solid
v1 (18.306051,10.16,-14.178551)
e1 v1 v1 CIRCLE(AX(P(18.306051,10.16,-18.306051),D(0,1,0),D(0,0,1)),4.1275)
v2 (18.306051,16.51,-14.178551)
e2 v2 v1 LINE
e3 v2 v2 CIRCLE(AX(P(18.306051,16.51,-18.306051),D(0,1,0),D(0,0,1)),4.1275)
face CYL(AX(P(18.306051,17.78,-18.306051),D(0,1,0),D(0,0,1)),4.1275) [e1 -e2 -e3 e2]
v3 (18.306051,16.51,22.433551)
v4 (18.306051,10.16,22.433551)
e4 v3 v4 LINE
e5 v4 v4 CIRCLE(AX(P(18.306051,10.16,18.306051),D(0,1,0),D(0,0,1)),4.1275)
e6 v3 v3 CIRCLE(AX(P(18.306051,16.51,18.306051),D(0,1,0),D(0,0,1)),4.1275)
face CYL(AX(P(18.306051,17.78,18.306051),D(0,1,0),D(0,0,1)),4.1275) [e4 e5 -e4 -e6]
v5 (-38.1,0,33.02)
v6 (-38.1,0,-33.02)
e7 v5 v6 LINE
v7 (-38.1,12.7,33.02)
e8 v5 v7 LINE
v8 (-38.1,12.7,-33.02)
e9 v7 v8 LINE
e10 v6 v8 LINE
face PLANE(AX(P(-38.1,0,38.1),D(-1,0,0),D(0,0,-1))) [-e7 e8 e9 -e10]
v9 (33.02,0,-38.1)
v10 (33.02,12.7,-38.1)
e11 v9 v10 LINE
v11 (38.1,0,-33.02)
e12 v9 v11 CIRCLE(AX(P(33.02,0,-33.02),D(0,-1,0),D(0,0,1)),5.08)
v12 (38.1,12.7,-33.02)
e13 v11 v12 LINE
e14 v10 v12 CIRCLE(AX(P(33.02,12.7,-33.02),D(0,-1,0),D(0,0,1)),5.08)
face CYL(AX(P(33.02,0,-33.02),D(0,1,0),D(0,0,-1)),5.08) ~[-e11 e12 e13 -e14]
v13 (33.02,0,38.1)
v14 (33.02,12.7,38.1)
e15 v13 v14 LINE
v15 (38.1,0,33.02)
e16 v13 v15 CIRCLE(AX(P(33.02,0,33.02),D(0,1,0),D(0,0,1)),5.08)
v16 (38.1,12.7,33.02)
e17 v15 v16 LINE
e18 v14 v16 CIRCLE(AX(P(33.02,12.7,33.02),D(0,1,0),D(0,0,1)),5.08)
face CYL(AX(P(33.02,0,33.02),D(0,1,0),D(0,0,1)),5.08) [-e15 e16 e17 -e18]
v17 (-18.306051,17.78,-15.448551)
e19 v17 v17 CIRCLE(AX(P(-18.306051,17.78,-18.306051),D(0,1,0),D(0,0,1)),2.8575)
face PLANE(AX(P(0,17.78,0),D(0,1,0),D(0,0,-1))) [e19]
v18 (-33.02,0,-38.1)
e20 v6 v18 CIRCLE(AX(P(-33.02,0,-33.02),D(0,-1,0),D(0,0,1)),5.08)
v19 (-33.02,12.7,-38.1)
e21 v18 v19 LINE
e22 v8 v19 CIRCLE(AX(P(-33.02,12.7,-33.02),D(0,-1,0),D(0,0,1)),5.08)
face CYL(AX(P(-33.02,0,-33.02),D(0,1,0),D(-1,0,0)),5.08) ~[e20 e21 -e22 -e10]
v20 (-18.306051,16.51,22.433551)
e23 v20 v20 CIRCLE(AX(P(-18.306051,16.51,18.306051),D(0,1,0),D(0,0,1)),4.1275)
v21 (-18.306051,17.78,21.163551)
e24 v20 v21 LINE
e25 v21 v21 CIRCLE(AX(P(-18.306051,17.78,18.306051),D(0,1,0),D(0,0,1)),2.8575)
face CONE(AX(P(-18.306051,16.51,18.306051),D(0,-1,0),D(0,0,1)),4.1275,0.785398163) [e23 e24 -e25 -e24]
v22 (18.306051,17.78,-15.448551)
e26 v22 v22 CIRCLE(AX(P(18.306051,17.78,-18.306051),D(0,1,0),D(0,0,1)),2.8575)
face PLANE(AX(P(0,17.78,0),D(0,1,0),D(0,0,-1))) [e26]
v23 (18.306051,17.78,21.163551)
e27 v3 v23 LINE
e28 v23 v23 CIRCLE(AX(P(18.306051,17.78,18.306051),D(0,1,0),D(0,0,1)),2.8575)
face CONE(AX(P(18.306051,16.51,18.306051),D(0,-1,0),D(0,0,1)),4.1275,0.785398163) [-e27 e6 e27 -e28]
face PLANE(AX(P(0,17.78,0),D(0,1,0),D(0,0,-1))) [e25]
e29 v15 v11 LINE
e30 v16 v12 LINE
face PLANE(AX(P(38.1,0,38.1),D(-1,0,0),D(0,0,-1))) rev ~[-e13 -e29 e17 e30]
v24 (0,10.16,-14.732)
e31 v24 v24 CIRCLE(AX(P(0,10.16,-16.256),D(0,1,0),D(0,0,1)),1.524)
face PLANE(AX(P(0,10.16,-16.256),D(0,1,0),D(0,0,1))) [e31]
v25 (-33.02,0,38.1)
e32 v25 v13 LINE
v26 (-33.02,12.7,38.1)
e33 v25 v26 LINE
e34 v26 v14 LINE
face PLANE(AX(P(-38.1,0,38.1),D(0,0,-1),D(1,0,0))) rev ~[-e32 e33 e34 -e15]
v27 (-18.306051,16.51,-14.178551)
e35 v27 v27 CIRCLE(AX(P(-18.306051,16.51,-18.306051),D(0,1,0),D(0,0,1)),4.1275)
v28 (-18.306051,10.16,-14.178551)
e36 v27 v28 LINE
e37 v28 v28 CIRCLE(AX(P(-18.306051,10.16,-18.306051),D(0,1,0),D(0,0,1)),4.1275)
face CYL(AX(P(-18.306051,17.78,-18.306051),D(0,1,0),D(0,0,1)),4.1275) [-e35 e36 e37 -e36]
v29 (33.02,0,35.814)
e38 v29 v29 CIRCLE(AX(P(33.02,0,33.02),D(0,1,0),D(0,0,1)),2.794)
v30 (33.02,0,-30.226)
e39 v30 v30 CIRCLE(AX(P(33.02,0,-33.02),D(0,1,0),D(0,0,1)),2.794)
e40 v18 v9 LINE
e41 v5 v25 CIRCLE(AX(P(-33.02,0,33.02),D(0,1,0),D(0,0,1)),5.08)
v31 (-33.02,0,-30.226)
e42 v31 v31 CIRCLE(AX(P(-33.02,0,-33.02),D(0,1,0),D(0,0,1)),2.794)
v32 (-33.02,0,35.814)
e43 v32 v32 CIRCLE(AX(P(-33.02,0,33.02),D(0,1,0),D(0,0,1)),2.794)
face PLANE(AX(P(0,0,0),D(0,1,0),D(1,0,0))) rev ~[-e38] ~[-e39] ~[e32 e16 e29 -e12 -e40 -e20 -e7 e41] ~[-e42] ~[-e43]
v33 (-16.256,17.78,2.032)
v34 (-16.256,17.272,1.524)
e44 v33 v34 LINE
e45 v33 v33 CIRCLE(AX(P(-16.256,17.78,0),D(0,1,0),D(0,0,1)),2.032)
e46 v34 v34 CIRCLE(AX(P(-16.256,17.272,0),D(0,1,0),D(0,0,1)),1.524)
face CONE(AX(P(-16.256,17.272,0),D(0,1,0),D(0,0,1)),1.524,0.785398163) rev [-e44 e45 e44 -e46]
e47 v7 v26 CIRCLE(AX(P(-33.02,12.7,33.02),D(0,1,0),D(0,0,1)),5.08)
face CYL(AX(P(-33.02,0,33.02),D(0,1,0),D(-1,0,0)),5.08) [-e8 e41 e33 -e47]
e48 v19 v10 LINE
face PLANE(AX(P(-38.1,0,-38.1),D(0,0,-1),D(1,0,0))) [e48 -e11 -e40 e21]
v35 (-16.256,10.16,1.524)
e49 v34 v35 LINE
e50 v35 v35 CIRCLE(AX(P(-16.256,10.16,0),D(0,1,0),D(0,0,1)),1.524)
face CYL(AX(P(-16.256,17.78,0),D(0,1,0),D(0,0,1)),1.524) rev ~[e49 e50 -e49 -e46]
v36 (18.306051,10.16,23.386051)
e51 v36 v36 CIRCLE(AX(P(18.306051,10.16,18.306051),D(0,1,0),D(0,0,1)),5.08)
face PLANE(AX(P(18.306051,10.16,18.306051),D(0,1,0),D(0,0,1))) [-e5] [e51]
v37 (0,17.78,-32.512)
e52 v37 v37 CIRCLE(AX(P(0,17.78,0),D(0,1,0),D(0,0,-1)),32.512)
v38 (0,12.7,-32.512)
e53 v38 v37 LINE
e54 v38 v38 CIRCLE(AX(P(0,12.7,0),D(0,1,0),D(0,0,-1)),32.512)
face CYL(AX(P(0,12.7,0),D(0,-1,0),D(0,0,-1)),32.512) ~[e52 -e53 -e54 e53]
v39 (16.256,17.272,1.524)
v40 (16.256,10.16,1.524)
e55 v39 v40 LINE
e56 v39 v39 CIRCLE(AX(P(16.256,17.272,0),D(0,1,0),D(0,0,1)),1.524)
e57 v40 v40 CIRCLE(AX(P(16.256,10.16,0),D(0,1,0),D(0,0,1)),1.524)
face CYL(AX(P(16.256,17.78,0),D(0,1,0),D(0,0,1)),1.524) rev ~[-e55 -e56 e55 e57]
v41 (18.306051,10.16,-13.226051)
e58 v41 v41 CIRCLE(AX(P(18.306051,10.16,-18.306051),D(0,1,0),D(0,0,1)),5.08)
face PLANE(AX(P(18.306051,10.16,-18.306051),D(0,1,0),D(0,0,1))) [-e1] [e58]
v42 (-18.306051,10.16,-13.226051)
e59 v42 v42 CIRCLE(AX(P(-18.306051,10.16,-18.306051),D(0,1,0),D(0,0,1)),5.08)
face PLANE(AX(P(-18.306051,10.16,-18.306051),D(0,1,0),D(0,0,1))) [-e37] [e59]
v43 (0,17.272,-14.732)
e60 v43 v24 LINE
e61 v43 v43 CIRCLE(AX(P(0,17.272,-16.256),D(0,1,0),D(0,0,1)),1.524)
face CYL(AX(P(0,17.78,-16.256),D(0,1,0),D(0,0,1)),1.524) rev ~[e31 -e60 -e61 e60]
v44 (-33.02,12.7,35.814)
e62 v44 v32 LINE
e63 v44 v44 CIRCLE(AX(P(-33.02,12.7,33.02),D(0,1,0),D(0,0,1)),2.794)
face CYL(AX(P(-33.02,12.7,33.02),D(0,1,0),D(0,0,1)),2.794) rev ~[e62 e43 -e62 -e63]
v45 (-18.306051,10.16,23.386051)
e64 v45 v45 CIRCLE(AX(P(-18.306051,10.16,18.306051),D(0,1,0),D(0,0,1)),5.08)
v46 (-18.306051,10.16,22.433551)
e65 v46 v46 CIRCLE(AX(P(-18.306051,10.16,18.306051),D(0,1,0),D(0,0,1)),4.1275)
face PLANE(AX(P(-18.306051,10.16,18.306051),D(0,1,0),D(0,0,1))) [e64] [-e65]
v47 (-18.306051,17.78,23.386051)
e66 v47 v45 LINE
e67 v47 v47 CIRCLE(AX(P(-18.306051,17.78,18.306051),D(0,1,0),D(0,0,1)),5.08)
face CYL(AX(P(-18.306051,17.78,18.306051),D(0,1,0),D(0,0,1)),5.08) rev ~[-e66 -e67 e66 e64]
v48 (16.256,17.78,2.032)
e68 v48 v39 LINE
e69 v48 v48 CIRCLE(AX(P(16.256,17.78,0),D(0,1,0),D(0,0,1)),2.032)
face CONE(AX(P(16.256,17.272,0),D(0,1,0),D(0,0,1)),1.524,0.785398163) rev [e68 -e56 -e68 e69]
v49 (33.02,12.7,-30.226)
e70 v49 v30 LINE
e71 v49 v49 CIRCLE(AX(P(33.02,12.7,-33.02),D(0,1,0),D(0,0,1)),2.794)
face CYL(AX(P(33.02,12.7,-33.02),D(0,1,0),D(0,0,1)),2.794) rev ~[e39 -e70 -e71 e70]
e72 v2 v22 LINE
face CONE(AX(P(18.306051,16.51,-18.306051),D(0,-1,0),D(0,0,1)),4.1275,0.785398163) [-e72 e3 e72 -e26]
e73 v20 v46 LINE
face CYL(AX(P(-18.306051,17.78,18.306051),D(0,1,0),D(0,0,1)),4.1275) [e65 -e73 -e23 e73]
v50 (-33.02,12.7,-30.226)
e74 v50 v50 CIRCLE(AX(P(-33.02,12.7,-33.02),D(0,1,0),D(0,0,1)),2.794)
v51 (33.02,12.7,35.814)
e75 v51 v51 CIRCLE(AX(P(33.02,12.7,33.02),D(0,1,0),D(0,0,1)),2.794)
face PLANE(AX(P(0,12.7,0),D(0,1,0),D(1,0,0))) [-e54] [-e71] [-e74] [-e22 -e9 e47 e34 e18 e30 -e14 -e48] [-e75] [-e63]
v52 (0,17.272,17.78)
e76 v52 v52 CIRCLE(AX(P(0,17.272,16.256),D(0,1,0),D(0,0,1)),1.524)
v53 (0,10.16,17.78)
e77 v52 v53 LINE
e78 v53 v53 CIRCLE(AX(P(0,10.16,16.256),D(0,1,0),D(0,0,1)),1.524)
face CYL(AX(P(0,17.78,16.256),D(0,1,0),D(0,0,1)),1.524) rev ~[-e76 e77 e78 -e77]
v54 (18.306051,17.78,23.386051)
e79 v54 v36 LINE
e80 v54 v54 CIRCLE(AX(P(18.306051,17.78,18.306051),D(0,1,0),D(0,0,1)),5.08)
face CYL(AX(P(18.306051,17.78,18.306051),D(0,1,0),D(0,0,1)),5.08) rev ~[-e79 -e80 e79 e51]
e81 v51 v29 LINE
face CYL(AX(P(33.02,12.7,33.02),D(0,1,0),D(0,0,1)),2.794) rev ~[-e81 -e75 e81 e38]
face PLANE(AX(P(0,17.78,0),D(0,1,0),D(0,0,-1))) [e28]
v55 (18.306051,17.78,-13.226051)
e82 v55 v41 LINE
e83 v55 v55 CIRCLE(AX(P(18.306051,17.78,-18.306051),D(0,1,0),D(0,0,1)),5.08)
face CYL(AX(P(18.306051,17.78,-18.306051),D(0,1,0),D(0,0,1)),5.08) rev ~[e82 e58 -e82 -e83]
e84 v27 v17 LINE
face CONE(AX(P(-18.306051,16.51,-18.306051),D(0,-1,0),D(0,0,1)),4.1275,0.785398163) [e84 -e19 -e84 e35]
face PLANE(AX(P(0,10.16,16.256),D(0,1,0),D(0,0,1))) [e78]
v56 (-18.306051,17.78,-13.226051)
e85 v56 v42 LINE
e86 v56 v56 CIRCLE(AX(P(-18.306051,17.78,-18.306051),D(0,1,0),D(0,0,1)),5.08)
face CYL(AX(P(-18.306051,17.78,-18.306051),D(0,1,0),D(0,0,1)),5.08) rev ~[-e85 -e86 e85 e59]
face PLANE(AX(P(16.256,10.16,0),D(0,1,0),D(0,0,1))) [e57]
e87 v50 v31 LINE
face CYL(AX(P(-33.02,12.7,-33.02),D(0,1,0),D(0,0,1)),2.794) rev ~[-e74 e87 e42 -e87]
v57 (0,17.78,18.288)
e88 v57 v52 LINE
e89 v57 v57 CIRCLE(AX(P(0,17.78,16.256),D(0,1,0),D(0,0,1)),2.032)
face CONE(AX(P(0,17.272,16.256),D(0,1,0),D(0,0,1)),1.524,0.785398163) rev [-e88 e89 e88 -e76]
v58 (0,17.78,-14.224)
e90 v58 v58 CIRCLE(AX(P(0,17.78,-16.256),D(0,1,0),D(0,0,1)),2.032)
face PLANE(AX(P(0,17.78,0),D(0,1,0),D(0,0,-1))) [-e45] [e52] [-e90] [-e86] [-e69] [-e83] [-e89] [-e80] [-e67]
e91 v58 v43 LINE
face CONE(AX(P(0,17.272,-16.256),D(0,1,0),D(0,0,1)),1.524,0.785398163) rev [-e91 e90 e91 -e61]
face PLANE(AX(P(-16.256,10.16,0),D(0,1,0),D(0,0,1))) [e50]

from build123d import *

# Parameters (mm, degrees)
SKETCH1_W           = 76.2
SKETCH1_H           = 76.2
BOSS_EXTRUDE1_DEPTH = 12.7
SKETCH2_R           = 2.794
CUT_EXTRUDE1_DEPTH  = 56.358016583
SKETCH2_3_R         = 32.512
BOSS_EXTRUDE2_DEPTH = 5.08
FILLET1_R           = 5.08
SKETCH3_R           = 5.08
SKETCH3_R_2         = 4.1275
SKETCH3_R_3         = 1.524
CUT_EXTRUDE2_DEPTH  = 7.62
CHAMFER1_SIZE       = 1.27
CHAMFER2_SIZE       = 0.508


with BuildPart() as part:
    # Sketch1 → Boss-Extrude1 (new body)
    with BuildSketch(Plane(origin=(0, 0, 0), x_dir=(1, 0, 0), z_dir=(0, 1, 0))):
        Rectangle(SKETCH1_W, SKETCH1_H)
    extrude(amount=BOSS_EXTRUDE1_DEPTH)

    # Sketch2 → Cut-Extrude1 (cut, through all)
    with BuildSketch(Plane(origin=(0, 12.7, 0), x_dir=(1, 0, 0), z_dir=(0, 1, 0))):
        with Locations((33.02, 33.02)):
            Circle(SKETCH2_R)
        with Locations((33.02, -33.02)):
            Circle(SKETCH2_R)
        with Locations((-33.02, -33.02)):
            Circle(SKETCH2_R)
        with Locations((-33.02, 33.02)):
            Circle(SKETCH2_R)
    extrude(amount=-CUT_EXTRUDE1_DEPTH, mode=Mode.SUBTRACT)

    # Sketch2<3> → Boss-Extrude2 (add)
    with BuildSketch(Plane(origin=(0, 12.7, 0), x_dir=(1, 0, 0), z_dir=(0, 1, 0))):
        Circle(SKETCH2_3_R)
    extrude(amount=BOSS_EXTRUDE2_DEPTH)

    # Fillet1
    fillet1_edges = [part.edges().sort_by_distance(p)[0] for p in [
        (-38.1, 6.35, 38.1),
        (38.1, 6.35, 38.1),
        (38.1, 6.35, -38.1),
        (-38.1, 6.35, -38.1),
    ]]
    fillet(fillet1_edges, radius=FILLET1_R)

    # Sketch3 → Cut-Extrude2 (cut)
    # profile 1 of 8: a face of its own
    with BuildSketch(Plane(origin=(0, 17.78, 0), x_dir=(1, 0, 0), z_dir=(0, 1, 0))):
        with Locations((18.306051224, 18.306051224)):
            Circle(SKETCH3_R)
        with Locations((18.306051224, 18.306051224)):
            Circle(SKETCH3_R_2, mode=Mode.SUBTRACT)
    # profile 2 of 8: a face of its own
    with BuildSketch(Plane(origin=(0, 17.78, 0), x_dir=(1, 0, 0), z_dir=(0, 1, 0))):
        with Locations((18.306051224, -18.306051224)):
            Circle(SKETCH3_R)
        with Locations((18.306051224, -18.306051224)):
            Circle(SKETCH3_R_2, mode=Mode.SUBTRACT)
    # profile 3 of 8: a face of its own
    with BuildSketch(Plane(origin=(0, 17.78, 0), x_dir=(1, 0, 0), z_dir=(0, 1, 0))):
        with Locations((-18.306051224, -18.306051224)):
            Circle(SKETCH3_R)
        with Locations((-18.306051224, -18.306051224)):
            Circle(SKETCH3_R_2, mode=Mode.SUBTRACT)
    # profile 4 of 8: a face of its own
    with BuildSketch(Plane(origin=(0, 17.78, 0), x_dir=(1, 0, 0), z_dir=(0, 1, 0))):
        with Locations((-18.306051224, 18.306051224)):
            Circle(SKETCH3_R)
        with Locations((-18.306051224, 18.306051224)):
            Circle(SKETCH3_R_2, mode=Mode.SUBTRACT)
    # profile 5 of 8: a face of its own
    with BuildSketch(Plane(origin=(0, 17.78, 0), x_dir=(1, 0, 0), z_dir=(0, 1, 0))):
        with Locations((0, 16.256)):
            Circle(SKETCH3_R_3)
    # profile 6 of 8: a face of its own
    with BuildSketch(Plane(origin=(0, 17.78, 0), x_dir=(1, 0, 0), z_dir=(0, 1, 0))):
        with Locations((16.256, 0)):
            Circle(SKETCH3_R_3)
    # profile 7 of 8: a face of its own
    with BuildSketch(Plane(origin=(0, 17.78, 0), x_dir=(1, 0, 0), z_dir=(0, 1, 0))):
        with Locations((0, -16.256)):
            Circle(SKETCH3_R_3)
    # profile 8 of 8: a face of its own
    with BuildSketch(Plane(origin=(0, 17.78, 0), x_dir=(1, 0, 0), z_dir=(0, 1, 0))):
        with Locations((-16.256, 0)):
            Circle(SKETCH3_R_3)
    extrude(amount=-CUT_EXTRUDE2_DEPTH, mode=Mode.SUBTRACT)

    # Chamfer1
    chamfer1_edges = [part.edges().sort_by_distance(p)[0] for p in [
        (14.178551224, 17.78, 18.306051224),
        (14.178551224, 17.78, -18.306051224),
        (-22.433551224, 17.78, -18.306051224),
        (-22.433551224, 17.78, 18.306051224),
    ]]
    chamfer(chamfer1_edges, length=CHAMFER1_SIZE)

    # Chamfer2
    chamfer2_edges = [part.edges().sort_by_distance(p)[0] for p in [
        (-1.524, 17.78, 16.256),
        (14.732, 17.78, 0),
        (-1.524, 17.78, -16.256),
        (-17.78, 17.78, 0),
    ]]
    chamfer(chamfer2_edges, length=CHAMFER2_SIZE)


solid = part.part
